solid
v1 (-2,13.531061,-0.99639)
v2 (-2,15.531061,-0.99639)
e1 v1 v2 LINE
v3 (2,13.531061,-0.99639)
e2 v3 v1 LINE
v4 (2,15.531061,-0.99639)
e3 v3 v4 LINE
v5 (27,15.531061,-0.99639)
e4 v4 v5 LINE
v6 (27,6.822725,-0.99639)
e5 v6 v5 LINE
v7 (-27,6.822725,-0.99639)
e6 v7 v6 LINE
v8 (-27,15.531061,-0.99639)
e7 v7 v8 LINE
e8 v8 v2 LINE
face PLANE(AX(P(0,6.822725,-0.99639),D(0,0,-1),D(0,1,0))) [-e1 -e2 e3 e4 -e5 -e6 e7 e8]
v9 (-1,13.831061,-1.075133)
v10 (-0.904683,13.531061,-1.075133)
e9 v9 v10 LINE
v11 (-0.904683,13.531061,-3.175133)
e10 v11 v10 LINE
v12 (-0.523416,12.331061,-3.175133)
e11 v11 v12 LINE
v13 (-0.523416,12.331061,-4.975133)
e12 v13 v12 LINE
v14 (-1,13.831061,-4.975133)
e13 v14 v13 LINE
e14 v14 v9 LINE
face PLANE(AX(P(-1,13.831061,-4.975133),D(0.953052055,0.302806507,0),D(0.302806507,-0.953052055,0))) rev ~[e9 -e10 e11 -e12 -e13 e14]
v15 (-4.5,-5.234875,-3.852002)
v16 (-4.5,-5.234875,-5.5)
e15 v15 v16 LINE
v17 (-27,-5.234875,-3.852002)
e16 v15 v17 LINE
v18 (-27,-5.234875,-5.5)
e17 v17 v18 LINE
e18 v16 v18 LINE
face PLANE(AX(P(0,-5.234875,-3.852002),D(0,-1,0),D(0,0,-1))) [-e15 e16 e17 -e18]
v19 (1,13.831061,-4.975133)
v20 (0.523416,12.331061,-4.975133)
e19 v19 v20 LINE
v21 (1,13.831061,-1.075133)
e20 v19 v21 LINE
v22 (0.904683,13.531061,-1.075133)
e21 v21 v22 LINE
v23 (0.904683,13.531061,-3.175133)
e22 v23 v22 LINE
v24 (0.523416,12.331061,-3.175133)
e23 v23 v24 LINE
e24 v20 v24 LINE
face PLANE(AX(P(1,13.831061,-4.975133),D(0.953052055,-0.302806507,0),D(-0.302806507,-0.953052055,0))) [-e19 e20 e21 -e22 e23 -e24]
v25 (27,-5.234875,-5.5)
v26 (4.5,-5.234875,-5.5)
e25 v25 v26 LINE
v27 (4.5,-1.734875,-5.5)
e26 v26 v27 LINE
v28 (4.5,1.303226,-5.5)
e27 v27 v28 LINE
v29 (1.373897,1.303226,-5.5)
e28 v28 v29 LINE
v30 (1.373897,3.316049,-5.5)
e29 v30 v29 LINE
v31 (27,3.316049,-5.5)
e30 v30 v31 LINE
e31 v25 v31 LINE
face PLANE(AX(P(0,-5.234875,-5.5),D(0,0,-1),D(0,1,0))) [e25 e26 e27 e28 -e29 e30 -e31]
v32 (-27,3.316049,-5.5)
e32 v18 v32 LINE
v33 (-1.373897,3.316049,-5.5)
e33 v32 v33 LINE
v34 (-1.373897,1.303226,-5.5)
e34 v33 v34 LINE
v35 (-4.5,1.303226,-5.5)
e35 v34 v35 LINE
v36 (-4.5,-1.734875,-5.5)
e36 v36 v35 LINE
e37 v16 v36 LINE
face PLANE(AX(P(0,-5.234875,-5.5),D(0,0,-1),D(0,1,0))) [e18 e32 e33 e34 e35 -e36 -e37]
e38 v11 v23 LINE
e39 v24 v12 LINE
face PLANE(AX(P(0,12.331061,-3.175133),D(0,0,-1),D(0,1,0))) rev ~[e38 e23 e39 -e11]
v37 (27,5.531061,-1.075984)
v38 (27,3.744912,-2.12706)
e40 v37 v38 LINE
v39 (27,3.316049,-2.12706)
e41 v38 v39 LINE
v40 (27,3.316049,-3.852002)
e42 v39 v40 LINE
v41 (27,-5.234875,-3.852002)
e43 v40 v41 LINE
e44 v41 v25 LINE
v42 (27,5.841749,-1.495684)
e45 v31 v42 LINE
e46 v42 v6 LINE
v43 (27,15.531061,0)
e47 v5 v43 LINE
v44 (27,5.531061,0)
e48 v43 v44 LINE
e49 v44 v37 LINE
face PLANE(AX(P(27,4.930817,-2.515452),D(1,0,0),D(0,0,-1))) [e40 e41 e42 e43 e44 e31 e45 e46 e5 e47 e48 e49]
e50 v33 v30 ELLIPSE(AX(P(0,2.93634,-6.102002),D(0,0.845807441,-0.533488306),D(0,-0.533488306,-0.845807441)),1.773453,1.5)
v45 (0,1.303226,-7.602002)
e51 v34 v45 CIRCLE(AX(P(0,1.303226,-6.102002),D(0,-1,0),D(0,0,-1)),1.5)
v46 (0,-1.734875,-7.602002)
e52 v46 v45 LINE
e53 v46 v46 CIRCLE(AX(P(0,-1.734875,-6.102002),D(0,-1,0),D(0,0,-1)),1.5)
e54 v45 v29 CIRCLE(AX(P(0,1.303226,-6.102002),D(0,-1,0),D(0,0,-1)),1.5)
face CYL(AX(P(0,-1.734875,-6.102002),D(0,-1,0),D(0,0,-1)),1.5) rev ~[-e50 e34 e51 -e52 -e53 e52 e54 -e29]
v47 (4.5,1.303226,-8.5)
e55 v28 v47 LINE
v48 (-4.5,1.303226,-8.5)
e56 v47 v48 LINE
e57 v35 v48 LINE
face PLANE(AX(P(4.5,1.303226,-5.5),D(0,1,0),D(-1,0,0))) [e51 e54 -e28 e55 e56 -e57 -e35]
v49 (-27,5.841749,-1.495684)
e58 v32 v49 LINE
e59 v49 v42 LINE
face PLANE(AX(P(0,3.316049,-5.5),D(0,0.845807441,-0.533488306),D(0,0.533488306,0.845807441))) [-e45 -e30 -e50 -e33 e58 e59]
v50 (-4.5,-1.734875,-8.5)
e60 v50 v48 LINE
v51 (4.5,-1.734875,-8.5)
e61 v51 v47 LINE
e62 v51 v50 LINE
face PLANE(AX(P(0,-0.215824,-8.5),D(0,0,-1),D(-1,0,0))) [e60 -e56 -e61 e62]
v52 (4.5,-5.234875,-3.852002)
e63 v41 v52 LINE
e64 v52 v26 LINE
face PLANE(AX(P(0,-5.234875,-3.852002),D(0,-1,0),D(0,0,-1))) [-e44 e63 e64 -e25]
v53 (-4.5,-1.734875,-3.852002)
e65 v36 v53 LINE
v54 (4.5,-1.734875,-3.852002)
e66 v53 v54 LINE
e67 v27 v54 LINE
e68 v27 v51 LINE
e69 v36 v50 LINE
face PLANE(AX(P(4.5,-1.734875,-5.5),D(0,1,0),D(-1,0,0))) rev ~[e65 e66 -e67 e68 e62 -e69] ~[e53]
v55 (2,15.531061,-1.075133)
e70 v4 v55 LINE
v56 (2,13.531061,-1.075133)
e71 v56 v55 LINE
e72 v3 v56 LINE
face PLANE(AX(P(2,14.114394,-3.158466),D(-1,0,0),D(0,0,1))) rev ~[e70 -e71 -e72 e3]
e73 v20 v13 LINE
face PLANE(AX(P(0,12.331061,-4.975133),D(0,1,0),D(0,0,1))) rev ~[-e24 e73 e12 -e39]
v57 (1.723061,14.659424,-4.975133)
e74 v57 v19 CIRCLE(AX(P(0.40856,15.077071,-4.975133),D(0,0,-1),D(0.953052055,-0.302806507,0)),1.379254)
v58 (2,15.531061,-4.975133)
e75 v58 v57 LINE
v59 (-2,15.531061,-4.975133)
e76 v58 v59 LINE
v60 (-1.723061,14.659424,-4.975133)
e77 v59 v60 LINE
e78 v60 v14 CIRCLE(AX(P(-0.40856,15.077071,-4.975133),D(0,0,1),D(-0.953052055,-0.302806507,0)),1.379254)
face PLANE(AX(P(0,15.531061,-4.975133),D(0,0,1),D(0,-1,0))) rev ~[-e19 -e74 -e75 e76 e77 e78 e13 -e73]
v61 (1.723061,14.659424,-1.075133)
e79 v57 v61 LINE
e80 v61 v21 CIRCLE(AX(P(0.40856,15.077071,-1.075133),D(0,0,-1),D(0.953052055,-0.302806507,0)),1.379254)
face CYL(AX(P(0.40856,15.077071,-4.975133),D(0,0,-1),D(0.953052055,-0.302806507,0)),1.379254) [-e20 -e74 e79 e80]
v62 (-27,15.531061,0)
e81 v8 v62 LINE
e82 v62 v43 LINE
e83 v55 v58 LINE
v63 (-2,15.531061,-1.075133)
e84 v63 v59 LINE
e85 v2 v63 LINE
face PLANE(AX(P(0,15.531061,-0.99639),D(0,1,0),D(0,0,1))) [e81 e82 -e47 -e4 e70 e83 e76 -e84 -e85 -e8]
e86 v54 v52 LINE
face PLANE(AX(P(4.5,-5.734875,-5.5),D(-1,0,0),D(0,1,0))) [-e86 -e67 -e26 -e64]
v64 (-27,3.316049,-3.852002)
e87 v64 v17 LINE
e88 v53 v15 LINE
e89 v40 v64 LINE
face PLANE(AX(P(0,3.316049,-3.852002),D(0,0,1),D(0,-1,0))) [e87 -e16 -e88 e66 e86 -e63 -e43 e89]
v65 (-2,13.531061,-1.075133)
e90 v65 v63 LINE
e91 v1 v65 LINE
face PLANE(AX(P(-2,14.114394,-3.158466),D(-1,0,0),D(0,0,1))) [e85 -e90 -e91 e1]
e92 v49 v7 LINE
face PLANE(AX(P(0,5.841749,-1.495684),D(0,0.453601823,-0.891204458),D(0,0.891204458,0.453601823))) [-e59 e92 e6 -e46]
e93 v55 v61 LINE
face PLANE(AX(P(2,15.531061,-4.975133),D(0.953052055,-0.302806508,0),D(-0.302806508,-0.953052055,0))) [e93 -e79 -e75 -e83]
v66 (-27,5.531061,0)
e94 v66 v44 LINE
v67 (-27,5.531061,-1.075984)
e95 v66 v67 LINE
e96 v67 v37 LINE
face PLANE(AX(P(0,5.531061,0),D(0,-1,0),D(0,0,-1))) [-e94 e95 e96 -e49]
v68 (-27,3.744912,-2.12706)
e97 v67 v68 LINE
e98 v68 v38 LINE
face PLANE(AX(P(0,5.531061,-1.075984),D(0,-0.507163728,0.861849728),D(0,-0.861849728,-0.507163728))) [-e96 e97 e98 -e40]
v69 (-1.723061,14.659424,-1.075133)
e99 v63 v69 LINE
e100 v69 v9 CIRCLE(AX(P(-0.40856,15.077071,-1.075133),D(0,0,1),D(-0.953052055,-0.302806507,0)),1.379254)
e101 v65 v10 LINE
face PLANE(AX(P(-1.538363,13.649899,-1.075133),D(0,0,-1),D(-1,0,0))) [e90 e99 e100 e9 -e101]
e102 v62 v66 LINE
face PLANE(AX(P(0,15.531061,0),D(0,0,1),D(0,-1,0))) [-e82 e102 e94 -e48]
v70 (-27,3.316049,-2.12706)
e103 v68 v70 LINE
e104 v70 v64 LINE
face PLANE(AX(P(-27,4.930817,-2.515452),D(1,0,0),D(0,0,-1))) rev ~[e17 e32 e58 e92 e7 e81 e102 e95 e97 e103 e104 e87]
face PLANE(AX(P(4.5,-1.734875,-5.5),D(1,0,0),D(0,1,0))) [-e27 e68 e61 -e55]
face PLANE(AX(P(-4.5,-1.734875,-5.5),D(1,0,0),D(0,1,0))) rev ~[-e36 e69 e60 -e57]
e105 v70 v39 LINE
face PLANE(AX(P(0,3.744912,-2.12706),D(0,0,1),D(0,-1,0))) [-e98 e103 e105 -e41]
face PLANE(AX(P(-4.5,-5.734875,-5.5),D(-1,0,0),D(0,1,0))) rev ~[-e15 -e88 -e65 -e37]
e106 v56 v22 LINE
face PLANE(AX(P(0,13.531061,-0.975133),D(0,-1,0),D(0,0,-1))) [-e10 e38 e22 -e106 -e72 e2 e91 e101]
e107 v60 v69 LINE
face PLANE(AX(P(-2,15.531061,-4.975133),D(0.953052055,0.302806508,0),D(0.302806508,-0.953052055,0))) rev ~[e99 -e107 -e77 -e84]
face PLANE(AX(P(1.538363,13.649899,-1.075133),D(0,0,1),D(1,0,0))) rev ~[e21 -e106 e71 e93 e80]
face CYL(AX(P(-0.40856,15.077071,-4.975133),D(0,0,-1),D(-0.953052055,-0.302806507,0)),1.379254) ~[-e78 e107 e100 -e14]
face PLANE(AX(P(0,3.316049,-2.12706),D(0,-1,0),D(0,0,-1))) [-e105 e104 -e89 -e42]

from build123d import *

# Parameters (mm, degrees)
EXTRUDE_1_DEPTH     = 27
SKETCH_2_W          = 9
SKETCH_2_H          = 4
CUT_EXTRUDE_1_DEPTH = 4
SKETCH_3_W          = 9
SKETCH_3_H          = 3.038101075
EXTRUDE_2_DEPTH     = 3
SKETCH_4_R          = 1.5
CUT_EXTRUDE_2_DEPTH = 9
EXTRUDE_3_DEPTH     = 2
CUT_EXTRUDE_8_DEPTH = 3.9


with BuildPart() as part:
    # 草图1 → 凸台-拉伸1 (new, symmetric)
    with BuildSketch(Plane(origin=(0, 0, 0), x_dir=(0, 0, -1), z_dir=(1, 0, 0))):
        Polygon((5.5, -5.234874936), (5.5, -1.276151444), (5.5, 1.303226139), (5.5, 3.316049082), (1.495683541, 5.841749257), (0.996390194, 6.822725158), (0.996390194, 8.881545648), (0.996390194, 13.350016649), (0.996390194, 15.531060696), (0, 15.531060696), (0, 13.265125064), (0, 9.02431695), (0, 5.531060696), (1.075983727, 5.531060696), (2.127060271, 3.7449116), (2.127060271, 3.316049082), (3.852001832, 3.316049082), (3.852001832, -5.234874936), align=None)
    extrude(amount=EXTRUDE_1_DEPTH, both=True)

    # 草图2 → 切除-拉伸1 (cut)
    with BuildSketch(Plane(origin=(0, 0, -5.5), x_dir=(-1, 0, 0), z_dir=(0, 0, -1))):
        with Locations((0, -3.734874936)):
            Rectangle(SKETCH_2_W, SKETCH_2_H)
    extrude(amount=-CUT_EXTRUDE_1_DEPTH, mode=Mode.SUBTRACT)

    # 草图3 → 凸台-拉伸2 (add)
    with BuildSketch(Plane(origin=(0, 0, -5.5), x_dir=(-1, 0, 0), z_dir=(0, 0, -1))):
        with Locations((0, -0.215824399)):
            Rectangle(SKETCH_3_W, SKETCH_3_H)
    extrude(amount=EXTRUDE_2_DEPTH)

    # 草图4 → 切除-拉伸2 (cut)
    with BuildSketch(Plane.XZ.offset(1.734874936)):
        with Locations(Location((0, -6.102001832, 0), (0, 0, 270))):
            Circle(SKETCH_4_R)
    extrude(amount=-CUT_EXTRUDE_2_DEPTH, mode=Mode.SUBTRACT)

    # 草图6 → 凸台-拉伸3 (add, symmetric)
    with BuildSketch(Plane(origin=(0, 0, 0), x_dir=(0, 0, -1), z_dir=(1, 0, 0))):
        Polygon((0.975132856, 15.531060696), (4.975132856, 15.531060696), (4.975132856, 12.331060696), (3.175132856, 12.331060696), (3.175132856, 13.531060696), (2.0593477, 13.531060696), (0.975132856, 13.531060696), align=None)
    extrude(amount=EXTRUDE_3_DEPTH, both=True)

    # 草图7 → 切除-拉伸8 (cut)
    with BuildSketch(Plane(origin=(0, 0, -4.975132856), x_dir=(-1, 0, 0), z_dir=(0, 0, -1))):
        with BuildLine():
            Line((1, 13.831060696), (0.52341558, 12.331060696))
            Line((0.52341558, 12.331060696), (2, 12.331060696))
            Line((2, 12.331060696), (2, 15.531060696))
            Line((2, 15.531060696), (1.723060875, 14.659423543))
            ThreePointArc((1.723060875, 14.659423543), (1.447645575, 14.170073989), (1, 13.831060696))
        make_face()
        with BuildLine():
            ThreePointArc((-1.723060875, 14.659423543), (-1.447645575, 14.170073989), (-1, 13.831060696))
            Line((-1, 13.831060696), (-0.52341558, 12.331060696))
            Line((-0.52341558, 12.331060696), (-2, 12.331060696))
            Line((-2, 12.331060696), (-2, 15.531060696))
            Line((-2, 15.531060696), (-1.723060875, 14.659423543))
        make_face()
    extrude(amount=-CUT_EXTRUDE_8_DEPTH, mode=Mode.SUBTRACT)


solid = part.part
